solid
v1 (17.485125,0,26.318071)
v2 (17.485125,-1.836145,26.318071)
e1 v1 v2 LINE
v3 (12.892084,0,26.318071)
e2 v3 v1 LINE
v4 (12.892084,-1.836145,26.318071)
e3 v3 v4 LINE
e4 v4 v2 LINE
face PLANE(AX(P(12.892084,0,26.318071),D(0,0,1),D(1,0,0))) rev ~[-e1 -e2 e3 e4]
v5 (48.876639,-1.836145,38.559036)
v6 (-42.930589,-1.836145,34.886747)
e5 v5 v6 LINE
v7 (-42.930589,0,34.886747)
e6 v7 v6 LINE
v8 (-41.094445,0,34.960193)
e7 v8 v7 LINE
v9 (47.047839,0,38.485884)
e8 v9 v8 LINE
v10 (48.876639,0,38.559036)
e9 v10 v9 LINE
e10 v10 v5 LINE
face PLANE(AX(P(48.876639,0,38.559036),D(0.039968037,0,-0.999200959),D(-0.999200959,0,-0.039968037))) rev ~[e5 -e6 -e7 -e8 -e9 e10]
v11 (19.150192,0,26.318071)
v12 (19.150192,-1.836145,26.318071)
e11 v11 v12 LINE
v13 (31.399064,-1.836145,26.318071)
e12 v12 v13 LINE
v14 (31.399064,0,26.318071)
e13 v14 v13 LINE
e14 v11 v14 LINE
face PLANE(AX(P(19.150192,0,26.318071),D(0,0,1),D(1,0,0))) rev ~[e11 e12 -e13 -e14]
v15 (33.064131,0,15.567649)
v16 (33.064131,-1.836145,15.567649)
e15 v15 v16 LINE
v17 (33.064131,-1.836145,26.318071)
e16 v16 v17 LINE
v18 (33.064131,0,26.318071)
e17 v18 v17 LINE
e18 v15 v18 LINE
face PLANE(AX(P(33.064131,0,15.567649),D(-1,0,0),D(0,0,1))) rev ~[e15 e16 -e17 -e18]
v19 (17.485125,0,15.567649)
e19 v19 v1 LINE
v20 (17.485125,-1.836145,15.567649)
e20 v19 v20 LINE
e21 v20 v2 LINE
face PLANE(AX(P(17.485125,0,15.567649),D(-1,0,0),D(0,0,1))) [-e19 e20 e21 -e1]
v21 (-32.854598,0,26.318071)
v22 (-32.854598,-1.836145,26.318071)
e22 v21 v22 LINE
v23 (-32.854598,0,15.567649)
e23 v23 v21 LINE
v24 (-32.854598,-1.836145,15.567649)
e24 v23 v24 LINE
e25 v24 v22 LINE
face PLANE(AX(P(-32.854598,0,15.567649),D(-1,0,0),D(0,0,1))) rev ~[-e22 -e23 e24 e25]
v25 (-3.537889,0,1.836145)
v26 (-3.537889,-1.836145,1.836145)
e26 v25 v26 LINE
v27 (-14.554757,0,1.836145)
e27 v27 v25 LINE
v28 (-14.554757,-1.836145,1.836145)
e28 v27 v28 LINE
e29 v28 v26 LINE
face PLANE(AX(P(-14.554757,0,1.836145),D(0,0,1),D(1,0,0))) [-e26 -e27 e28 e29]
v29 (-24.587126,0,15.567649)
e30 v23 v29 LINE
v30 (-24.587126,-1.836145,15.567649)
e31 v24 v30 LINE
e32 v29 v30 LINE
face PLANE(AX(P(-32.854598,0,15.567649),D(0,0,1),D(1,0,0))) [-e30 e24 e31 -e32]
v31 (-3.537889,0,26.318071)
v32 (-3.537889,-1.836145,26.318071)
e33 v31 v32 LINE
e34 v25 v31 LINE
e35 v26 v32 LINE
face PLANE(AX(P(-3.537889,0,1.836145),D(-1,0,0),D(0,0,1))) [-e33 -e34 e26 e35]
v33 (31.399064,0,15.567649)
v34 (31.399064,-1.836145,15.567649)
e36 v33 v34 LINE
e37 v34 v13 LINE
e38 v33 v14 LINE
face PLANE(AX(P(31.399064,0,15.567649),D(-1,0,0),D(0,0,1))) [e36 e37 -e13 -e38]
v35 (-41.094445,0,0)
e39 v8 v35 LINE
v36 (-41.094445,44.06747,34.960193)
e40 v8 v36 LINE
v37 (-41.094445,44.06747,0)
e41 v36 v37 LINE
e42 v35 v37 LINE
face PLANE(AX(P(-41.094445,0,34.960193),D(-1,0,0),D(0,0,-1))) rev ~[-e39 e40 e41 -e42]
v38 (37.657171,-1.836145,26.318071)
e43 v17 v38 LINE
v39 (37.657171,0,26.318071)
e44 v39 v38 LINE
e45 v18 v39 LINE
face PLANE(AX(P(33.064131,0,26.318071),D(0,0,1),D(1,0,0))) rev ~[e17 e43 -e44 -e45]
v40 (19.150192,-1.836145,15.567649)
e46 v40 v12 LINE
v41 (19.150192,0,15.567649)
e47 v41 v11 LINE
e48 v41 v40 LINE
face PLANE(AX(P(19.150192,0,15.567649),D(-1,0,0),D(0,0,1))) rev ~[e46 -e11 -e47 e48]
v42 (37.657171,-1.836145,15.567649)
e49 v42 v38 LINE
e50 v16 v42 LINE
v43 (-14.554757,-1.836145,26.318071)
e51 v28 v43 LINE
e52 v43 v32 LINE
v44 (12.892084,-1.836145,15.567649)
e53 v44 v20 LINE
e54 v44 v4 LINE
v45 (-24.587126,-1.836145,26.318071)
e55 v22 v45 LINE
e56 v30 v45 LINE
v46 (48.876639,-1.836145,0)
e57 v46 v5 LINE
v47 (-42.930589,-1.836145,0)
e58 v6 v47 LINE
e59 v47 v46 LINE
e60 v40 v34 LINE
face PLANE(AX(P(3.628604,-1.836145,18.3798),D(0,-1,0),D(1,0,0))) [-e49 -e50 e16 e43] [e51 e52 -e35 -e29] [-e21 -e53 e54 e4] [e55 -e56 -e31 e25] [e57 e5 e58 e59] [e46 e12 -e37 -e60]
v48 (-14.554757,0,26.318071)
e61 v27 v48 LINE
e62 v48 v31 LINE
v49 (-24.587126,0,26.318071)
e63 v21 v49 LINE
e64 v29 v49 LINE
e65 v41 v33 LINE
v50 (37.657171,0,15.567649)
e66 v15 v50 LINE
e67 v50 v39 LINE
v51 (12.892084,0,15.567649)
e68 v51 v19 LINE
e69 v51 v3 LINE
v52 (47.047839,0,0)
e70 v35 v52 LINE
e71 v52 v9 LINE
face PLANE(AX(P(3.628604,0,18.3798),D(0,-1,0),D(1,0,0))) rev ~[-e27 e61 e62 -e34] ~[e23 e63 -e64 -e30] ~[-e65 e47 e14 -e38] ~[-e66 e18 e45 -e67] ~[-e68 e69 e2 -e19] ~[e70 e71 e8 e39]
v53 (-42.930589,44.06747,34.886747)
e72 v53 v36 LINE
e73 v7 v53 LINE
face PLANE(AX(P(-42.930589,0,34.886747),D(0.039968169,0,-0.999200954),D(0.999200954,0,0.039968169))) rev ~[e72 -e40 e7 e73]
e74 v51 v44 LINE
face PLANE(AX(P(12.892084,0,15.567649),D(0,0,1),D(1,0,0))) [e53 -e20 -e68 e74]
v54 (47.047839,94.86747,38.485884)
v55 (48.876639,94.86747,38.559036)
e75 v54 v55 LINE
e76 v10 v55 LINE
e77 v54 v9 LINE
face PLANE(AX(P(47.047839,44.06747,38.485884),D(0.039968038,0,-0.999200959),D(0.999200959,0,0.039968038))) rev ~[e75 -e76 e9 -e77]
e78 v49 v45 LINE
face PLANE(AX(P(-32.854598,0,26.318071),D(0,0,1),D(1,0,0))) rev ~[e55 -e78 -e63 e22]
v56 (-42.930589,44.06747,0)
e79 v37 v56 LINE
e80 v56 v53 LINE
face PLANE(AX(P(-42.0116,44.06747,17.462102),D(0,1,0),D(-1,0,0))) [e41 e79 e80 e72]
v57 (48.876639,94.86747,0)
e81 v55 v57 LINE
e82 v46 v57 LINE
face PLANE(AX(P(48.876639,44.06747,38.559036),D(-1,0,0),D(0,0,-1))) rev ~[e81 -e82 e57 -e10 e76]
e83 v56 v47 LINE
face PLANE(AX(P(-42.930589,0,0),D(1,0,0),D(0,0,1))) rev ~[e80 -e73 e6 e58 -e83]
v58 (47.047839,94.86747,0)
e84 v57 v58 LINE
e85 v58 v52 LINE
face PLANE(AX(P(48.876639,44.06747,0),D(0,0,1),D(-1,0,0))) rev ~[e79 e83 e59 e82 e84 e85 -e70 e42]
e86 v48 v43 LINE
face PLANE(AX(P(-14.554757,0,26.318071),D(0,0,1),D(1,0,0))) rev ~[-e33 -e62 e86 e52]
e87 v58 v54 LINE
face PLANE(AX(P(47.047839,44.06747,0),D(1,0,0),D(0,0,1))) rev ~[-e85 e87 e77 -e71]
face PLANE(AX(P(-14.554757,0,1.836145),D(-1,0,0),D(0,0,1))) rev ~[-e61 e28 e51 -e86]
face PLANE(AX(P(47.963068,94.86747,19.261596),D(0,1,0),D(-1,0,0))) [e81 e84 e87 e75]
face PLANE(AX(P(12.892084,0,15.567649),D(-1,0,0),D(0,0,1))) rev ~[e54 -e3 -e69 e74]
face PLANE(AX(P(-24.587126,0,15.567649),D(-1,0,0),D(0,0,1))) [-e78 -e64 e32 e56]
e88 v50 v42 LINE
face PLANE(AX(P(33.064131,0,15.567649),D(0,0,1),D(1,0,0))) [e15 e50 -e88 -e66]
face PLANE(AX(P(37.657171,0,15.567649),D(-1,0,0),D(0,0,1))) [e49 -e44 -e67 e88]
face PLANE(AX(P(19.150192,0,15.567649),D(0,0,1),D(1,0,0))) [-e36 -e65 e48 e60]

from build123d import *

# Parameters (mm, degrees)
F0_W     = 11.016868
F0_H     = 24.481927
F0_W_2   = 8.267472
F0_H_2   = 10.750423
F0_W_3   = 4.593041
F0_W_4   = 12.248872
F0_W_5   = 4.59304
F1_DEPTH = 1.836145
F3_DEPTH = 44.06747
F5_DEPTH = 50.8


with BuildPart() as f1:
    # F0 (on Front) → F1 (new body)
    with BuildSketch(Plane.XZ):
        Polygon((-42.930589, 34.886747), (-42.930589, 0), (48.876639, 0), (48.876639, 38.559036), align=None)
        with Locations((-9.046323, 14.077108)):
            Rectangle(F0_W, F0_H, mode=Mode.SUBTRACT)
        with Locations((-28.720862, 20.94286)):
            Rectangle(F0_W_2, F0_H_2, mode=Mode.SUBTRACT)
        with Locations((15.188605, 20.94286)):
            Rectangle(F0_W_3, F0_H_2, mode=Mode.SUBTRACT)
        with Locations((25.274628, 20.94286)):
            Rectangle(F0_W_4, F0_H_2, mode=Mode.SUBTRACT)
        with Locations((35.360651, 20.94286)):
            Rectangle(F0_W_5, F0_H_2, mode=Mode.SUBTRACT)
    extrude(amount=F1_DEPTH)

    # F2 (on face) → F3 (join)
    with BuildSketch(Plane(origin=(0, 0, 0), x_dir=(-1, 0, 0), z_dir=(0, 1, 0))):
        Polygon((42.930589, 0), (42.930589, 34.886747), (41.094445, 34.960193), (41.094445, 0), align=None)
        Polygon((-47.047839, 38.485884), (-48.876639, 38.559036), (-48.876639, 0), (-47.047839, 0), align=None)
    extrude(amount=F3_DEPTH)

    # F4 (on face) → F5 (join)
    with BuildSketch(Plane(origin=(0, 44.06747, 0), x_dir=(-1, 0, 0), z_dir=(0, 1, 0))):
        Polygon((-47.047839, 38.485884), (-48.876639, 38.559036), (-48.876639, 0), (-47.047839, 0), align=None)
    extrude(amount=F5_DEPTH)


solid = f1.part
